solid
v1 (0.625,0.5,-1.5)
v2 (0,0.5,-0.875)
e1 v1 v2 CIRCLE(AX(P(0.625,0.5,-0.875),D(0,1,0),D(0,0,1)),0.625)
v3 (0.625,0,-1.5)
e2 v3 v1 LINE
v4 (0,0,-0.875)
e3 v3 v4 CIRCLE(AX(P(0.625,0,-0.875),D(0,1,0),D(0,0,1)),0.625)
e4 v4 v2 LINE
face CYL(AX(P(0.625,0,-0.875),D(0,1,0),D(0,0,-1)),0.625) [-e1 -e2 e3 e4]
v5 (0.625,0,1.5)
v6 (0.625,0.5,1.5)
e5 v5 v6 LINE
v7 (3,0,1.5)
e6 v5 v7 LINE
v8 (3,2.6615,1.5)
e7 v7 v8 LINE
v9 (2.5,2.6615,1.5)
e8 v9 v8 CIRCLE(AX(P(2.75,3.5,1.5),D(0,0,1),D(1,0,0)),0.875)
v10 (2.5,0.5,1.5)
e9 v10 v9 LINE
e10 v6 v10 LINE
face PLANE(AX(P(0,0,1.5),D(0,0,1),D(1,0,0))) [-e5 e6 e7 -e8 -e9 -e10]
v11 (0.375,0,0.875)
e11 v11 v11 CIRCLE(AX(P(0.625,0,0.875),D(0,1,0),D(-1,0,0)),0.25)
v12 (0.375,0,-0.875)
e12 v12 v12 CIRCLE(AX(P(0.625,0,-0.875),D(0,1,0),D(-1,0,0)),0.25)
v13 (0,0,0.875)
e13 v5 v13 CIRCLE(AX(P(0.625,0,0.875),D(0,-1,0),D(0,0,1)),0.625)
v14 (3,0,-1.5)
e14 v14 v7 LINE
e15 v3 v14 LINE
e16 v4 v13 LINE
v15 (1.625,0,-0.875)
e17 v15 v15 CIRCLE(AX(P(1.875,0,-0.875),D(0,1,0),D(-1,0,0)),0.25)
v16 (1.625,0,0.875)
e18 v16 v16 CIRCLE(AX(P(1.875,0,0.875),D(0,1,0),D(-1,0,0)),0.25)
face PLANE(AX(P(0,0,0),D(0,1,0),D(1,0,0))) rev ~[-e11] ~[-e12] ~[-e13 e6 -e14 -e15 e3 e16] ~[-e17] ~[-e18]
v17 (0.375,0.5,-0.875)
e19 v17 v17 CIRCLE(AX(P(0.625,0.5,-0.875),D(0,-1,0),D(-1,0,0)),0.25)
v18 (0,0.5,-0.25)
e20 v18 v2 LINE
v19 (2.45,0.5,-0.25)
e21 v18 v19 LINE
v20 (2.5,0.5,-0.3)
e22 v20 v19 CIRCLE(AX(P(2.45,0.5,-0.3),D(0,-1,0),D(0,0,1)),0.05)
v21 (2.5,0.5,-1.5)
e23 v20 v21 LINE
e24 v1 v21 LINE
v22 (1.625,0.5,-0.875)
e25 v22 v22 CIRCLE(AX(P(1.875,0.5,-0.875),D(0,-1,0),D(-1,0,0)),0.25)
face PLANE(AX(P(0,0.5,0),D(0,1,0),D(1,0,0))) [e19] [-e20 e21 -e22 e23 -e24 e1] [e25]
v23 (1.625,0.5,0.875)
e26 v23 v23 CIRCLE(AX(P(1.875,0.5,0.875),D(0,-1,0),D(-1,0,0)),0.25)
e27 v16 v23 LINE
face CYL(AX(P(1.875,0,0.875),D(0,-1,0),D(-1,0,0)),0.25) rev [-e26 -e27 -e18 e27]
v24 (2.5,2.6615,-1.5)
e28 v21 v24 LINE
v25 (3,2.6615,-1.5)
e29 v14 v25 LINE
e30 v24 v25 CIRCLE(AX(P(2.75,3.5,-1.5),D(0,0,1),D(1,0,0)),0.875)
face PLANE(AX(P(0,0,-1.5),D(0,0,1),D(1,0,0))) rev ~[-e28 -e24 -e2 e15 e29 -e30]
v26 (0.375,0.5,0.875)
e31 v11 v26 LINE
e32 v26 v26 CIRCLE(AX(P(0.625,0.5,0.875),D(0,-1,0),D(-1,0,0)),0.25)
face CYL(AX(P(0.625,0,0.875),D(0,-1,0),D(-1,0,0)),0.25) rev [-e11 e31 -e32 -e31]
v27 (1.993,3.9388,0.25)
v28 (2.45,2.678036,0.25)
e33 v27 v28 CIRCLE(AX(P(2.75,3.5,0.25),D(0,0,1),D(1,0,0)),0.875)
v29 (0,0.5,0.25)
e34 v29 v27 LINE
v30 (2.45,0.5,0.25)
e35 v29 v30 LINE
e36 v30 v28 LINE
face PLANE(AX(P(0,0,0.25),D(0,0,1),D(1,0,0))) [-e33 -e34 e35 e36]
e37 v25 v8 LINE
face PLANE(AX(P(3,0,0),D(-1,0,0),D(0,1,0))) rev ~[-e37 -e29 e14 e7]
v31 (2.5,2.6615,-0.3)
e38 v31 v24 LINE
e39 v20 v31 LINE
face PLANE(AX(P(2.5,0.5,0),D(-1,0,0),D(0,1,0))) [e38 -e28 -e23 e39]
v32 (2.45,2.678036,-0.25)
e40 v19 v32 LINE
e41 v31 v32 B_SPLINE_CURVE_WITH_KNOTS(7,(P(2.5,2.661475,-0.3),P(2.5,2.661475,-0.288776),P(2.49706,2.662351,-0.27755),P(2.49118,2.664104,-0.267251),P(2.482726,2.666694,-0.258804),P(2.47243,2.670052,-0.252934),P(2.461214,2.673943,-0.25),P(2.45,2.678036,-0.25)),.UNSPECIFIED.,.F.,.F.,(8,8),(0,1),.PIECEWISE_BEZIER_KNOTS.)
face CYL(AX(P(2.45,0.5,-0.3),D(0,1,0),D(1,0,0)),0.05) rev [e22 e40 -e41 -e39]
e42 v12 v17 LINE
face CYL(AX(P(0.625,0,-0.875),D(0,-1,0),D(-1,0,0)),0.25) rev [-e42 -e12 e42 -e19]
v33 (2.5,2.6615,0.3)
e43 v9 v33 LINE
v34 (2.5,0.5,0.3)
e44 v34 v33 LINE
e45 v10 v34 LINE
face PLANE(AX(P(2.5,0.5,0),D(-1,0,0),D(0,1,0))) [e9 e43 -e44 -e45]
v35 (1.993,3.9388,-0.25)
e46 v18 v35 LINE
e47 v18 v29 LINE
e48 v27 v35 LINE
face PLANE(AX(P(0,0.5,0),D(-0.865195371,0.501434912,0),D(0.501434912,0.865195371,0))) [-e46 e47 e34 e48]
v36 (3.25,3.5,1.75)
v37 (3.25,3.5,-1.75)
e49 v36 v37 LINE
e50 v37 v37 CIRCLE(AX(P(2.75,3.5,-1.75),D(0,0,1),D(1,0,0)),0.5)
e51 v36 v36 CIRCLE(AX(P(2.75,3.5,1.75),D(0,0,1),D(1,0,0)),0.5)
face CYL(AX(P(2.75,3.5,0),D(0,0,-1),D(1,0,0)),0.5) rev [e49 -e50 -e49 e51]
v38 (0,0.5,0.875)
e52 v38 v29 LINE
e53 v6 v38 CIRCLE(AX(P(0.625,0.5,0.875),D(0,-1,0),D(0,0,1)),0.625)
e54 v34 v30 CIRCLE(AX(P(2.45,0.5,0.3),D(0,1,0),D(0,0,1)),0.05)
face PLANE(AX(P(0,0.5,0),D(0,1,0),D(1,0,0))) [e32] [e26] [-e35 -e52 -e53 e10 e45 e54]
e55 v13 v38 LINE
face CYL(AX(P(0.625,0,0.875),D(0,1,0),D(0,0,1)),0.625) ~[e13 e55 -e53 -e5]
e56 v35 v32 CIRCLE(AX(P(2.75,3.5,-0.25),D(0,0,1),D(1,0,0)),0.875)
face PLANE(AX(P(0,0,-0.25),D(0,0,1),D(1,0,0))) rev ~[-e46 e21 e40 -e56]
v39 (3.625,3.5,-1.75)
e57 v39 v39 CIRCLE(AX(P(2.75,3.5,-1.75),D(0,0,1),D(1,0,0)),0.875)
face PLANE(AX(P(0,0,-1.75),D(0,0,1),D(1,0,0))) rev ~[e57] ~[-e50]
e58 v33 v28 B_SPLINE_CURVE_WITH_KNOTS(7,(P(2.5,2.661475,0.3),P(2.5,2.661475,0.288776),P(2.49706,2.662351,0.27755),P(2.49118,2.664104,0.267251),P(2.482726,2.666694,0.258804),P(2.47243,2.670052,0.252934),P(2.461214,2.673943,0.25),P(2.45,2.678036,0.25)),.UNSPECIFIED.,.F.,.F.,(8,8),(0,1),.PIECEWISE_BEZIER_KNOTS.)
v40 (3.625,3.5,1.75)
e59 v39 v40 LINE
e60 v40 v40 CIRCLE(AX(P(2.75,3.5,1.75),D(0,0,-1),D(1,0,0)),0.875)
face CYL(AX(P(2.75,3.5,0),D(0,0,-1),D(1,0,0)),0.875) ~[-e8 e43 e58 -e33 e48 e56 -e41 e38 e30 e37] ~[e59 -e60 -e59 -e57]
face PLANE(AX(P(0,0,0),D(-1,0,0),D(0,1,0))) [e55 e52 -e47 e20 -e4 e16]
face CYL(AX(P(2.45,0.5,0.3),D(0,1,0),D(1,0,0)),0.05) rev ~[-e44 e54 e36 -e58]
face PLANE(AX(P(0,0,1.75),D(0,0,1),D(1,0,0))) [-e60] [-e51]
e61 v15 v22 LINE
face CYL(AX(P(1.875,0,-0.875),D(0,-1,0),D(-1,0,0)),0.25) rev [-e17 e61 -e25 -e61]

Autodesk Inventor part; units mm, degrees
ref_plane "YZ Plane" through (0, 0, 0) normal (1, 0, 0) x (0, 1, 0)
ref_plane "XZ Plane" through (0, 0, 0) normal (0, 1, 0) x (-1, 0, 0)
ref_plane "XY Plane" through (0, 0, 0) normal (0, 0, 1) x (1, 0, 0)
sketch "Sketch1" plane through (0, 0, 0) normal (0, 0, 1) x (1, 0, 0)
  line L0 (0, 0) -> (0, 0.5)
  line L1 (0, 0.5) -> (2.5, 0.5)
  line L2 (2.5, 0.5) -> (2.5, 2.6615)
  line L3 (0, 0) -> (3, 0)
  line L4 (3, 0) -> (3, 2.6615)
  circle A0 centre (2.75, 3.5) radius 0.5
  circle A1 centre (2.75, 3.5) radius 0.875
  line L5 (0, 0.5) -> (1.993, 3.9388)
  dimension "d0" = 0.5
  dimension "d1" = 0.5
  dimension "d2" = 3
  dimension "d3" = 1
  dimension "d4" = 1.75
  dimension "d20" = 3
sketch "Sketch2" plane through (0, 0, 0) normal (0, 1, 0) x (-1, 0, 0)
  line L0 (0.7553, 0) -> (-3.6259, 0) projected
  line L1 (0, 0) -> (0, -0.875)
  arc A0 (-0.625, -1.5) -> (0, -0.875) centre (-0.625, -0.875) ccw
  line L2 (-0.625, -1.5) -> (-3, -1.5)
  line L3 (-3, -1.5) -> (-3, 1.5)
  line L4 (-3, 1.5) -> (-0.625, 1.5)
  arc A1 (0, 0.875) -> (-0.625, 1.5) centre (-0.625, 0.875) ccw
  line L5 (0, 0.875) -> (0, 0)
  line L6 (0, -0.25) -> (-2.5, -0.25)
  line L7 (-2.5, -0.25) -> (-2.5, -1.5)
  line L8 (0, 0.25) -> (-2.5, 0.25)
  line L9 (-2.5, 0.25) -> (-2.5, 1.5)
  circle A2 centre (-0.625, -0.875) radius 0.25
  circle A3 centre (-1.875, -0.875) radius 0.25
  circle A4 centre (-0.625, 0.875) radius 0.25
  circle A5 centre (-1.875, 0.875) radius 0.25
  point P0 (-0.625, -0.875)
  point P1 (-1.875, -0.875)
  point P2 (-1.875, 0.875)
  point P3 (-0.625, 0.875)
  dimension "d5" = 1.75
  dimension "d6" = 1.25
  dimension "d7" = 0.625
  dimension "d8" = 1.25
  dimension "d9" = 2.5
  dimension "d10" = 3
  dimension "d11" = 0.5
  dimension "d14" = 1.25
  dimension "d17" = 1.75
  dimension "d21" = 3
extrude "Extrusion1" add sketch "Sketch1" along normal mid plane 3 contours L0 L1 L2 A1 L4 L3
extrude "Extrusion2" add sketch "Sketch1" along normal mid plane 3.5 contours A1
extrude "Extrusion3" add sketch "Sketch1" along normal mid plane 0.5 contours L5 A1 L2 L1
fillet "Fillet1" radius 0.625 2 edges at (0, 0.25, 1.5) (0, 0.25, -1.5)
extrude "Extrusion4" cut sketch "Sketch2" along normal blind 0.6 contours A2 | A3 | A4 | A5
fillet "Fillet2" radius 0.05 2 edges at (2.5, 1.5807, -0.25) (2.5, 1.5807, 0.25)
properties part number "7d"
